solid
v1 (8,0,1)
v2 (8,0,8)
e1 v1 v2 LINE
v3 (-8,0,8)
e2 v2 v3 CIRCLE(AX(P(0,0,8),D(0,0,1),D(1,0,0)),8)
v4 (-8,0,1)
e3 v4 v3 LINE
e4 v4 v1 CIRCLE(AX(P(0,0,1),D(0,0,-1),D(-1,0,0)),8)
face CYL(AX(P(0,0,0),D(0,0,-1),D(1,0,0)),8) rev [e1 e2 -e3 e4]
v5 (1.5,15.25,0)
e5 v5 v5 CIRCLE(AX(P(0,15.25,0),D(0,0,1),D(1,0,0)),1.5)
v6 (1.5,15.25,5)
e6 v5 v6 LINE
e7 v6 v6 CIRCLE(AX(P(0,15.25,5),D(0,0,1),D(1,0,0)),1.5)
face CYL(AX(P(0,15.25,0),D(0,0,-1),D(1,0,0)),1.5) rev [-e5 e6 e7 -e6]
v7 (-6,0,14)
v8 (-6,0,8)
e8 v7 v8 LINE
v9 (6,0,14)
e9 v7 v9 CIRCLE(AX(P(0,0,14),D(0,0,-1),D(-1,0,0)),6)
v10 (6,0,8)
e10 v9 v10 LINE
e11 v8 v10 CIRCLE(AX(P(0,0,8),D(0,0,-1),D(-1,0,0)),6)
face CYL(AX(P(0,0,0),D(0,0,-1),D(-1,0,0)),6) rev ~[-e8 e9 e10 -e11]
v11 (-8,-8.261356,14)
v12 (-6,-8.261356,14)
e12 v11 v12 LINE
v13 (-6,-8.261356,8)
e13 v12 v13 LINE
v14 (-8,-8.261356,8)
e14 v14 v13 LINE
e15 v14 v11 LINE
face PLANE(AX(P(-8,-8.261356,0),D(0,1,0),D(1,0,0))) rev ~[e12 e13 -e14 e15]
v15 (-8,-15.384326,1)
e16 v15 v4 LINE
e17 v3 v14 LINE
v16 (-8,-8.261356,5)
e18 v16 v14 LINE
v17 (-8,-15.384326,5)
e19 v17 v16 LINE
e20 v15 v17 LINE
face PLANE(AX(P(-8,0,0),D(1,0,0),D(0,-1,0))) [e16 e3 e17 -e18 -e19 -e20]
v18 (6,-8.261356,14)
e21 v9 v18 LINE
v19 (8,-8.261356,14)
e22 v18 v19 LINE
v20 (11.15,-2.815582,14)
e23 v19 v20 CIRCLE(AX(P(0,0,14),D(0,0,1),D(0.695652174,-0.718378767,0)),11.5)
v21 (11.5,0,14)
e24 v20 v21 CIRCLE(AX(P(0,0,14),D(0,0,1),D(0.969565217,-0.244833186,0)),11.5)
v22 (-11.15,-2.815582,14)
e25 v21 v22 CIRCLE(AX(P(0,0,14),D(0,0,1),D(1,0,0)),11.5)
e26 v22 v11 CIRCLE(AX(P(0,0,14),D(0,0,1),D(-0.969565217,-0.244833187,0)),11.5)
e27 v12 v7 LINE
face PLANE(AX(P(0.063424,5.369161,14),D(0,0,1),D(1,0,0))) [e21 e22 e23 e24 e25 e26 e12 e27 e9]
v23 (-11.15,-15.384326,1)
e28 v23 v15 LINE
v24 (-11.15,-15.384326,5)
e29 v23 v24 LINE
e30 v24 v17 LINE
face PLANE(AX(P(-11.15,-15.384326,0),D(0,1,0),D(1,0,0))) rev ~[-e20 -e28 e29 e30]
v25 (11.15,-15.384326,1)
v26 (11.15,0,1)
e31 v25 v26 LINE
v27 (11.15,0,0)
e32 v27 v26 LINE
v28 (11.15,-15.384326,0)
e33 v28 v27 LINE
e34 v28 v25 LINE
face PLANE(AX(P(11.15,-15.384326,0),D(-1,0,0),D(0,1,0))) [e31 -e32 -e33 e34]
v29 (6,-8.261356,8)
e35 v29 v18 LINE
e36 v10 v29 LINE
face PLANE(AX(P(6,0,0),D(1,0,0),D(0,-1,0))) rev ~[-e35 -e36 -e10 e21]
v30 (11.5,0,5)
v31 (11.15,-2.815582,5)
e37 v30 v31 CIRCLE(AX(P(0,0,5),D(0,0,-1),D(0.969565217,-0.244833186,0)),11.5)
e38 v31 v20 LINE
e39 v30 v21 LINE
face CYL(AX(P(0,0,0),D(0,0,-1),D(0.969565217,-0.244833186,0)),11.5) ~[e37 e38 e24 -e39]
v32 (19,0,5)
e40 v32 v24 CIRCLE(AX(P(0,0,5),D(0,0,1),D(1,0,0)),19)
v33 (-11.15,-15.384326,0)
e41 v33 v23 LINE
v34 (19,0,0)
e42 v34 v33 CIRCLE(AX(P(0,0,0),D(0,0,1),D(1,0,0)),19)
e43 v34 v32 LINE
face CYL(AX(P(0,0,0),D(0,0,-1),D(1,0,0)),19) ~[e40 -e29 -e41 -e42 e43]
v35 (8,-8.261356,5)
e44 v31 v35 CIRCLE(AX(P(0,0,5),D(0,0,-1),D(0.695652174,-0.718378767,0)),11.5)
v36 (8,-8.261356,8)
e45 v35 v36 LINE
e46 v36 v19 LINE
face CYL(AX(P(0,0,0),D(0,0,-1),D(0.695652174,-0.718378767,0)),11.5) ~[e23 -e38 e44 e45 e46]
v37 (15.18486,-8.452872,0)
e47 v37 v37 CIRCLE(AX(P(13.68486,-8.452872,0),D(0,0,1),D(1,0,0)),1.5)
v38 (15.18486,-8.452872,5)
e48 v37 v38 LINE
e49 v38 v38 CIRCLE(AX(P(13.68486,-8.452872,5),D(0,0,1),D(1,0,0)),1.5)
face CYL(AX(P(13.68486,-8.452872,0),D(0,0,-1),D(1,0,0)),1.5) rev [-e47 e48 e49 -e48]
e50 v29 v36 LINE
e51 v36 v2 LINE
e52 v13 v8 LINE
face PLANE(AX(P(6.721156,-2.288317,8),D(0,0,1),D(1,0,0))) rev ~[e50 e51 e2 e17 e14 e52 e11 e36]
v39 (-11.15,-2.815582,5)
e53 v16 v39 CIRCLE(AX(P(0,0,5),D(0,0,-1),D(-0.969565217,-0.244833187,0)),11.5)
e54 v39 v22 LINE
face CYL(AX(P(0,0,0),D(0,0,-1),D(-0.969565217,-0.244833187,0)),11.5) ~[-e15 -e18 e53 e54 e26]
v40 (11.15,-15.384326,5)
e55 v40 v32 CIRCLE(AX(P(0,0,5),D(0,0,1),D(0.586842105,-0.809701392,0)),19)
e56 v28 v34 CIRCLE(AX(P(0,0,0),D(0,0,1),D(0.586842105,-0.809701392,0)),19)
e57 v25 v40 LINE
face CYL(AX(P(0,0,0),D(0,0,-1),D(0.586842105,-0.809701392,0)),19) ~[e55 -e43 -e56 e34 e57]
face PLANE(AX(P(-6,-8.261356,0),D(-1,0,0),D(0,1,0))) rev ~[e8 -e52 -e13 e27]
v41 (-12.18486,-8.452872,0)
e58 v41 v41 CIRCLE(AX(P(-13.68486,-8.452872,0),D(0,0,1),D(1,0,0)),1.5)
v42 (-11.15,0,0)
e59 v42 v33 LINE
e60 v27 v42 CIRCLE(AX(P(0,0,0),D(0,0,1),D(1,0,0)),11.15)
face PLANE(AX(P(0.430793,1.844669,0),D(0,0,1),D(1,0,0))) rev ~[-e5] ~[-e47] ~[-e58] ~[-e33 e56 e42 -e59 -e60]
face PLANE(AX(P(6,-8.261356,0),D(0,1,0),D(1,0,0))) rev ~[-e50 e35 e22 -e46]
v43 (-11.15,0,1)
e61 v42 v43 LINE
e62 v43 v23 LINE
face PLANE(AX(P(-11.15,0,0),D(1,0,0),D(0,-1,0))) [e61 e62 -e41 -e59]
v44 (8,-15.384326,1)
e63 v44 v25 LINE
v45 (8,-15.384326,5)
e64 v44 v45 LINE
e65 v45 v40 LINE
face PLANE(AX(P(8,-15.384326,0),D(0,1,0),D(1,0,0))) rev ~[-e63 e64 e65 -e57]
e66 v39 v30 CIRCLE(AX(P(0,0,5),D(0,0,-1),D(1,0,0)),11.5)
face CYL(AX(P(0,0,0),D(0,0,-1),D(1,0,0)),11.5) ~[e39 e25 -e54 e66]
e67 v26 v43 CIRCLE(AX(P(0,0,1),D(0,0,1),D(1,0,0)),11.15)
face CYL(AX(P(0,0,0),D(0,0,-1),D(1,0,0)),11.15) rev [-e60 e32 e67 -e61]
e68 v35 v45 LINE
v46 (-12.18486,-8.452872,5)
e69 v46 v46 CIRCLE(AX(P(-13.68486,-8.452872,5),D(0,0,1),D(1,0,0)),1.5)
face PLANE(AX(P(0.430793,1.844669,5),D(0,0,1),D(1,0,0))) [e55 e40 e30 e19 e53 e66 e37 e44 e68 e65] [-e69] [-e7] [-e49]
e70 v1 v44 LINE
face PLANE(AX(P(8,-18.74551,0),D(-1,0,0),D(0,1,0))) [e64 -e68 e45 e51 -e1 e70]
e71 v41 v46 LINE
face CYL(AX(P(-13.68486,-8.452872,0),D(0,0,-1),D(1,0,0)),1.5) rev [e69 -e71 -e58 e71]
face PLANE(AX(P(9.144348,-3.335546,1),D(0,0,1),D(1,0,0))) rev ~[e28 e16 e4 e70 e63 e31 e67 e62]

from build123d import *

# Parameters (mm, degrees)
F0_R     = 1.5
F1_DEPTH = 5
F2_DEPTH = 14
F3_DEPTH = 8
F4_DEPTH = 1


with BuildPart() as f1:
    # F0 (on Top) → F1 (new body)
    with BuildSketch(Plane.XY):
        with BuildLine():
            ThreePointArc((11.5, 0), (11.4121645624, -1.4186260959), (11.15, -2.8155816451))
            Line((11.15, -2.8155816451), (11.15, -15.3843264396))
            ThreePointArc((11.15, -15.3843264396), (16.9240952491, -8.6356817913), (19, 0))
            ThreePointArc((19, 0), (-8.6356817913, 16.9240952491), (-11.15, -15.3843264396))
            Line((-11.15, -15.3843264396), (-11.15, -2.8155816451))
            ThreePointArc((-11.15, -2.8155816451), (-1.4186260959, 11.4121645624), (11.5, 0))
        make_face()
        with Locations((-13.6848597932, -8.4528724563)):
            Circle(F0_R, mode=Mode.SUBTRACT)
        with Locations((13.6848597932, -8.4528724563)):
            Circle(F0_R, mode=Mode.SUBTRACT)
        with Locations((0, 15.25)):
            Circle(F0_R, mode=Mode.SUBTRACT)
        with BuildLine():
            Line((8, 0), (11.15, 0))
            ThreePointArc((11.15, 0), (0, 11.15), (-11.15, 0))
            Line((-11.15, 0), (-8, 0))
            ThreePointArc((-8, 0), (0, 8), (8, 0))
        make_face()
        with BuildLine():
            ThreePointArc((-11.15, 0), (0, 11.15), (11.15, 0))
            Line((11.15, 0), (11.15, -2.8155816451))
            ThreePointArc((11.15, -2.8155816451), (11.4121645624, -1.4186260959), (11.5, 0))
            ThreePointArc((11.5, 0), (-1.4186260959, 11.4121645624), (-11.15, -2.8155816451))
            Line((-11.15, -2.8155816451), (-11.15, 0))
        make_face()
        with BuildLine():
            Line((6, 0), (8, 0))
            ThreePointArc((8, 0), (0, 8), (-8, 0))
            Line((-8, 0), (-6, 0))
            ThreePointArc((-6, 0), (0, 6), (6, 0))
        make_face()
        with BuildLine():
            Line((-8, 0), (-11.15, 0))
            ThreePointArc((-11.15, 0), (-10.3325335712, -4.1906145134), (-8, -7.7667560796))
            Line((-8, -7.7667560796), (-8, 0))
        make_face()
        with BuildLine():
            ThreePointArc((-8, -8.2613558209), (-9.9546340512, -5.758060516), (-11.15, -2.8155816451))
            Line((-11.15, -2.8155816451), (-11.15, -15.3843264396))
            Line((-11.15, -15.3843264396), (-8, -15.3843264396))
            Line((-8, -15.3843264396), (-8, -8.2613558209))
        make_face()
        with BuildLine():
            ThreePointArc((-8, -7.7667560796), (-10.3325335712, -4.1906145134), (-11.15, 0))
            Line((-11.15, 0), (-11.15, -2.8155816451))
            ThreePointArc((-11.15, -2.8155816451), (-9.9546340512, -5.758060516), (-8, -8.2613558209))
            Line((-8, -8.2613558209), (-8, -7.7667560796))
        make_face()
        with BuildLine():
            ThreePointArc((-6, -9.8107084352), (-7.0427355041, -9.0911977549), (-8, -8.2613558209))
            Line((-8, -8.2613558209), (-8, -15.3843264396))
            Line((-8, -15.3843264396), (-8, -17.2336879396))
            ThreePointArc((-8, -17.2336879396), (-7.0112506852, -17.6590589735), (-6, -18.0277563773))
            Line((-6, -18.0277563773), (-6, -9.8107084352))
        make_face()
        with BuildLine():
            ThreePointArc((-7.4881573167, -8.2613558209), (-7.7480262966, -8.0181412127), (-8, -7.7667560796))
            Line((-8, -7.7667560796), (-8, -8.2613558209))
            Line((-8, -8.2613558209), (-7.4881573167, -8.2613558209))
        make_face()
        with BuildLine():
            Line((-8, 0), (-8, -7.7667560796))
            ThreePointArc((-8, -7.7667560796), (-7.7480262966, -8.0181412127), (-7.4881573167, -8.2613558209))
            Line((-7.4881573167, -8.2613558209), (-6, -8.2613558209))
            Line((-6, -8.2613558209), (-6, -5.2915026221))
            ThreePointArc((-6, -5.2915026221), (-7.4833147735, -2.8284271247), (-8, 0))
        make_face()
        with BuildLine():
            Line((-6, 0), (-8, 0))
            ThreePointArc((-8, 0), (-7.4833147735, -2.8284271247), (-6, -5.2915026221))
            Line((-6, -5.2915026221), (-6, 0))
        make_face()
        with BuildLine():
            ThreePointArc((6, -5.2915026221), (7.4833147735, -2.8284271247), (8, 0))
            Line((8, 0), (6, 0))
            Line((6, 0), (6, -5.2915026221))
        make_face()
        with BuildLine():
            ThreePointArc((6, -9.3980051075), (6.7679827017, -8.8609768169), (7.4881573167, -8.2613558209))
            Line((7.4881573167, -8.2613558209), (6, -8.2613558209))
            Line((6, -8.2613558209), (6, -9.3980051075))
        make_face()
        with BuildLine():
            ThreePointArc((8, -7.7667560796), (10.3325335712, -4.1906145134), (11.15, 0))
            Line((11.15, 0), (8, 0))
            Line((8, 0), (8, -7.7667560796))
        make_face()
        with BuildLine():
            Line((11.15, -15.3843264396), (11.15, -2.8155816451))
            ThreePointArc((11.15, -2.8155816451), (9.9546340512, -5.758060516), (8, -8.2613558209))
            Line((8, -8.2613558209), (8, -15.3843264396))
            Line((8, -15.3843264396), (11.15, -15.3843264396))
        make_face()
        with BuildLine():
            Line((8, -15.3843264396), (8, -8.2613558209))
            ThreePointArc((8, -8.2613558209), (7.0427355041, -9.0911977549), (6, -9.8107084352))
            Line((6, -9.8107084352), (6, -18.0277563773))
            ThreePointArc((6, -18.0277563773), (7.0112506852, -17.6590589735), (8, -17.2336879396))
            Line((8, -17.2336879396), (8, -15.3843264396))
        make_face()
        with BuildLine():
            Line((8, -8.2613558209), (7.4881573167, -8.2613558209))
            ThreePointArc((7.4881573167, -8.2613558209), (6.7679827017, -8.8609768169), (6, -9.3980051075))
            Line((6, -9.3980051075), (6, -9.8107084352))
            ThreePointArc((6, -9.8107084352), (7.0427355041, -9.0911977549), (8, -8.2613558209))
        make_face()
        with BuildLine():
            Line((11.15, -2.8155816451), (11.15, 0))
            ThreePointArc((11.15, 0), (10.3325335712, -4.1906145134), (8, -7.7667560796))
            Line((8, -7.7667560796), (8, -8.2613558209))
            ThreePointArc((8, -8.2613558209), (9.9546340512, -5.758060516), (11.15, -2.8155816451))
        make_face()
    extrude(amount=F1_DEPTH)

    # F0 (on Top) → F2 (join)
    with BuildSketch(Plane.XY):
        with BuildLine():
            ThreePointArc((-11.15, 0), (0, 11.15), (11.15, 0))
            Line((11.15, 0), (11.15, -2.8155816451))
            ThreePointArc((11.15, -2.8155816451), (11.4121645624, -1.4186260959), (11.5, 0))
            ThreePointArc((11.5, 0), (-1.4186260959, 11.4121645624), (-11.15, -2.8155816451))
            Line((-11.15, -2.8155816451), (-11.15, 0))
        make_face()
        with BuildLine():
            Line((8, 0), (11.15, 0))
            ThreePointArc((11.15, 0), (0, 11.15), (-11.15, 0))
            Line((-11.15, 0), (-8, 0))
            ThreePointArc((-8, 0), (0, 8), (8, 0))
        make_face()
        with BuildLine():
            ThreePointArc((8, -7.7667560796), (10.3325335712, -4.1906145134), (11.15, 0))
            Line((11.15, 0), (8, 0))
            Line((8, 0), (8, -7.7667560796))
        make_face()
        with BuildLine():
            Line((11.15, -2.8155816451), (11.15, 0))
            ThreePointArc((11.15, 0), (10.3325335712, -4.1906145134), (8, -7.7667560796))
            Line((8, -7.7667560796), (8, -8.2613558209))
            ThreePointArc((8, -8.2613558209), (9.9546340512, -5.758060516), (11.15, -2.8155816451))
        make_face()
        with BuildLine():
            ThreePointArc((6, -5.2915026221), (7.4833147735, -2.8284271247), (8, 0))
            Line((8, 0), (6, 0))
            Line((6, 0), (6, -5.2915026221))
        make_face()
        with BuildLine():
            Line((6, 0), (8, 0))
            ThreePointArc((8, 0), (0, 8), (-8, 0))
            Line((-8, 0), (-6, 0))
            ThreePointArc((-6, 0), (0, 6), (6, 0))
        make_face()
        with BuildLine():
            Line((-6, 0), (-8, 0))
            ThreePointArc((-8, 0), (-7.4833147735, -2.8284271247), (-6, -5.2915026221))
            Line((-6, -5.2915026221), (-6, 0))
        make_face()
        with BuildLine():
            Line((-8, 0), (-8, -7.7667560796))
            ThreePointArc((-8, -7.7667560796), (-7.7480262966, -8.0181412127), (-7.4881573167, -8.2613558209))
            Line((-7.4881573167, -8.2613558209), (-6, -8.2613558209))
            Line((-6, -8.2613558209), (-6, -5.2915026221))
            ThreePointArc((-6, -5.2915026221), (-7.4833147735, -2.8284271247), (-8, 0))
        make_face()
        with BuildLine():
            Line((-8, 0), (-11.15, 0))
            ThreePointArc((-11.15, 0), (-10.3325335712, -4.1906145134), (-8, -7.7667560796))
            Line((-8, -7.7667560796), (-8, 0))
        make_face()
        with BuildLine():
            ThreePointArc((-8, -7.7667560796), (-10.3325335712, -4.1906145134), (-11.15, 0))
            Line((-11.15, 0), (-11.15, -2.8155816451))
            ThreePointArc((-11.15, -2.8155816451), (-9.9546340512, -5.758060516), (-8, -8.2613558209))
            Line((-8, -8.2613558209), (-8, -7.7667560796))
        make_face()
        with BuildLine():
            ThreePointArc((-7.4881573167, -8.2613558209), (-7.7480262966, -8.0181412127), (-8, -7.7667560796))
            Line((-8, -7.7667560796), (-8, -8.2613558209))
            Line((-8, -8.2613558209), (-7.4881573167, -8.2613558209))
        make_face()
        with BuildLine():
            Line((8, -8.2613558209), (8, -7.7667560796))
            ThreePointArc((8, -7.7667560796), (7.7480262966, -8.0181412127), (7.4881573167, -8.2613558209))
            Line((7.4881573167, -8.2613558209), (8, -8.2613558209))
        make_face()
        with BuildLine():
            ThreePointArc((7.4881573167, -8.2613558209), (7.7480262966, -8.0181412127), (8, -7.7667560796))
            Line((8, -7.7667560796), (8, 0))
            ThreePointArc((8, 0), (7.4833147735, -2.8284271247), (6, -5.2915026221))
            Line((6, -5.2915026221), (6, -8.2613558209))
            Line((6, -8.2613558209), (7.4881573167, -8.2613558209))
        make_face()
    extrude(amount=F2_DEPTH)

    # F0 (on Top) → F3 (cut)
    with BuildSketch(Plane.XY):
        with BuildLine():
            ThreePointArc((6, -5.2915026221), (7.4833147735, -2.8284271247), (8, 0))
            Line((8, 0), (6, 0))
            Line((6, 0), (6, -5.2915026221))
        make_face()
        with BuildLine():
            ThreePointArc((6, -9.3980051075), (6.7679827017, -8.8609768169), (7.4881573167, -8.2613558209))
            Line((7.4881573167, -8.2613558209), (6, -8.2613558209))
            Line((6, -8.2613558209), (6, -9.3980051075))
        make_face()
        with BuildLine():
            Line((8, -15.3843264396), (8, -8.2613558209))
            ThreePointArc((8, -8.2613558209), (7.0427355041, -9.0911977549), (6, -9.8107084352))
            Line((6, -9.8107084352), (6, -18.0277563773))
            ThreePointArc((6, -18.0277563773), (7.0112506852, -17.6590589735), (8, -17.2336879396))
            Line((8, -17.2336879396), (8, -15.3843264396))
        make_face()
        with BuildLine():
            Line((8, -18.7455099076), (8, -17.2336879396))
            ThreePointArc((8, -17.2336879396), (7.0112506852, -17.6590589735), (6, -18.0277563773))
            Line((6, -18.0277563773), (6, -18.7455099076))
            Line((6, -18.7455099076), (8, -18.7455099076))
        make_face()
        with BuildLine():
            Line((8, -8.2613558209), (7.4881573167, -8.2613558209))
            ThreePointArc((7.4881573167, -8.2613558209), (6.7679827017, -8.8609768169), (6, -9.3980051075))
            Line((6, -9.3980051075), (6, -9.8107084352))
            ThreePointArc((6, -9.8107084352), (7.0427355041, -9.0911977549), (8, -8.2613558209))
        make_face()
        with BuildLine():
            ThreePointArc((-6, -18.0277563773), (-7.0112506852, -17.6590589735), (-8, -17.2336879396))
            Line((-8, -17.2336879396), (-8, -18.7455099076))
            Line((-8, -18.7455099076), (-6, -18.7455099076))
            Line((-6, -18.7455099076), (-6, -18.0277563773))
        make_face()
        with BuildLine():
            ThreePointArc((-6, -9.8107084352), (-7.0427355041, -9.0911977549), (-8, -8.2613558209))
            Line((-8, -8.2613558209), (-8, -15.3843264396))
            Line((-8, -15.3843264396), (-8, -17.2336879396))
            ThreePointArc((-8, -17.2336879396), (-7.0112506852, -17.6590589735), (-6, -18.0277563773))
            Line((-6, -18.0277563773), (-6, -9.8107084352))
        make_face()
        with BuildLine():
            Line((-8, 0), (-8, -7.7667560796))
            ThreePointArc((-8, -7.7667560796), (-7.7480262966, -8.0181412127), (-7.4881573167, -8.2613558209))
            Line((-7.4881573167, -8.2613558209), (-6, -8.2613558209))
            Line((-6, -8.2613558209), (-6, -5.2915026221))
            ThreePointArc((-6, -5.2915026221), (-7.4833147735, -2.8284271247), (-8, 0))
        make_face()
        with BuildLine():
            Line((-6, 0), (-8, 0))
            ThreePointArc((-8, 0), (-7.4833147735, -2.8284271247), (-6, -5.2915026221))
            Line((-6, -5.2915026221), (-6, 0))
        make_face()
        with BuildLine():
            ThreePointArc((-7.4881573167, -8.2613558209), (-7.7480262966, -8.0181412127), (-8, -7.7667560796))
            Line((-8, -7.7667560796), (-8, -8.2613558209))
            Line((-8, -8.2613558209), (-7.4881573167, -8.2613558209))
        make_face()
        with BuildLine():
            Line((6, 0), (8, 0))
            ThreePointArc((8, 0), (0, 8), (-8, 0))
            Line((-8, 0), (-6, 0))
            ThreePointArc((-6, 0), (0, 6), (6, 0))
        make_face()
        with BuildLine():
            ThreePointArc((7.4881573167, -8.2613558209), (7.7480262966, -8.0181412127), (8, -7.7667560796))
            Line((8, -7.7667560796), (8, 0))
            ThreePointArc((8, 0), (7.4833147735, -2.8284271247), (6, -5.2915026221))
            Line((6, -5.2915026221), (6, -8.2613558209))
            Line((6, -8.2613558209), (7.4881573167, -8.2613558209))
        make_face()
        with BuildLine():
            Line((8, -8.2613558209), (8, -7.7667560796))
            ThreePointArc((8, -7.7667560796), (7.7480262966, -8.0181412127), (7.4881573167, -8.2613558209))
            Line((7.4881573167, -8.2613558209), (8, -8.2613558209))
        make_face()
    extrude(amount=F3_DEPTH, mode=Mode.SUBTRACT)

    # F0 (on Top) → F4 (cut)
    with BuildSketch(Plane.XY):
        with BuildLine():
            ThreePointArc((8, -7.7667560796), (10.3325335712, -4.1906145134), (11.15, 0))
            Line((11.15, 0), (8, 0))
            Line((8, 0), (8, -7.7667560796))
        make_face()
        with BuildLine():
            Line((11.15, -15.3843264396), (11.15, -2.8155816451))
            ThreePointArc((11.15, -2.8155816451), (9.9546340512, -5.758060516), (8, -8.2613558209))
            Line((8, -8.2613558209), (8, -15.3843264396))
            Line((8, -15.3843264396), (11.15, -15.3843264396))
        make_face()
        with BuildLine():
            Line((11.15, -2.8155816451), (11.15, 0))
            ThreePointArc((11.15, 0), (10.3325335712, -4.1906145134), (8, -7.7667560796))
            Line((8, -7.7667560796), (8, -8.2613558209))
            ThreePointArc((8, -8.2613558209), (9.9546340512, -5.758060516), (11.15, -2.8155816451))
        make_face()
        with BuildLine():
            Line((8, 0), (11.15, 0))
            ThreePointArc((11.15, 0), (0, 11.15), (-11.15, 0))
            Line((-11.15, 0), (-8, 0))
            ThreePointArc((-8, 0), (0, 8), (8, 0))
        make_face()
        with BuildLine():
            Line((-8, 0), (-11.15, 0))
            ThreePointArc((-11.15, 0), (-10.3325335712, -4.1906145134), (-8, -7.7667560796))
            Line((-8, -7.7667560796), (-8, 0))
        make_face()
        with BuildLine():
            ThreePointArc((-8, -7.7667560796), (-10.3325335712, -4.1906145134), (-11.15, 0))
            Line((-11.15, 0), (-11.15, -2.8155816451))
            ThreePointArc((-11.15, -2.8155816451), (-9.9546340512, -5.758060516), (-8, -8.2613558209))
            Line((-8, -8.2613558209), (-8, -7.7667560796))
        make_face()
        with BuildLine():
            ThreePointArc((-8, -8.2613558209), (-9.9546340512, -5.758060516), (-11.15, -2.8155816451))
            Line((-11.15, -2.8155816451), (-11.15, -15.3843264396))
            Line((-11.15, -15.3843264396), (-8, -15.3843264396))
            Line((-8, -15.3843264396), (-8, -8.2613558209))
        make_face()
    extrude(amount=F4_DEPTH, mode=Mode.SUBTRACT)


solid = f1.part
